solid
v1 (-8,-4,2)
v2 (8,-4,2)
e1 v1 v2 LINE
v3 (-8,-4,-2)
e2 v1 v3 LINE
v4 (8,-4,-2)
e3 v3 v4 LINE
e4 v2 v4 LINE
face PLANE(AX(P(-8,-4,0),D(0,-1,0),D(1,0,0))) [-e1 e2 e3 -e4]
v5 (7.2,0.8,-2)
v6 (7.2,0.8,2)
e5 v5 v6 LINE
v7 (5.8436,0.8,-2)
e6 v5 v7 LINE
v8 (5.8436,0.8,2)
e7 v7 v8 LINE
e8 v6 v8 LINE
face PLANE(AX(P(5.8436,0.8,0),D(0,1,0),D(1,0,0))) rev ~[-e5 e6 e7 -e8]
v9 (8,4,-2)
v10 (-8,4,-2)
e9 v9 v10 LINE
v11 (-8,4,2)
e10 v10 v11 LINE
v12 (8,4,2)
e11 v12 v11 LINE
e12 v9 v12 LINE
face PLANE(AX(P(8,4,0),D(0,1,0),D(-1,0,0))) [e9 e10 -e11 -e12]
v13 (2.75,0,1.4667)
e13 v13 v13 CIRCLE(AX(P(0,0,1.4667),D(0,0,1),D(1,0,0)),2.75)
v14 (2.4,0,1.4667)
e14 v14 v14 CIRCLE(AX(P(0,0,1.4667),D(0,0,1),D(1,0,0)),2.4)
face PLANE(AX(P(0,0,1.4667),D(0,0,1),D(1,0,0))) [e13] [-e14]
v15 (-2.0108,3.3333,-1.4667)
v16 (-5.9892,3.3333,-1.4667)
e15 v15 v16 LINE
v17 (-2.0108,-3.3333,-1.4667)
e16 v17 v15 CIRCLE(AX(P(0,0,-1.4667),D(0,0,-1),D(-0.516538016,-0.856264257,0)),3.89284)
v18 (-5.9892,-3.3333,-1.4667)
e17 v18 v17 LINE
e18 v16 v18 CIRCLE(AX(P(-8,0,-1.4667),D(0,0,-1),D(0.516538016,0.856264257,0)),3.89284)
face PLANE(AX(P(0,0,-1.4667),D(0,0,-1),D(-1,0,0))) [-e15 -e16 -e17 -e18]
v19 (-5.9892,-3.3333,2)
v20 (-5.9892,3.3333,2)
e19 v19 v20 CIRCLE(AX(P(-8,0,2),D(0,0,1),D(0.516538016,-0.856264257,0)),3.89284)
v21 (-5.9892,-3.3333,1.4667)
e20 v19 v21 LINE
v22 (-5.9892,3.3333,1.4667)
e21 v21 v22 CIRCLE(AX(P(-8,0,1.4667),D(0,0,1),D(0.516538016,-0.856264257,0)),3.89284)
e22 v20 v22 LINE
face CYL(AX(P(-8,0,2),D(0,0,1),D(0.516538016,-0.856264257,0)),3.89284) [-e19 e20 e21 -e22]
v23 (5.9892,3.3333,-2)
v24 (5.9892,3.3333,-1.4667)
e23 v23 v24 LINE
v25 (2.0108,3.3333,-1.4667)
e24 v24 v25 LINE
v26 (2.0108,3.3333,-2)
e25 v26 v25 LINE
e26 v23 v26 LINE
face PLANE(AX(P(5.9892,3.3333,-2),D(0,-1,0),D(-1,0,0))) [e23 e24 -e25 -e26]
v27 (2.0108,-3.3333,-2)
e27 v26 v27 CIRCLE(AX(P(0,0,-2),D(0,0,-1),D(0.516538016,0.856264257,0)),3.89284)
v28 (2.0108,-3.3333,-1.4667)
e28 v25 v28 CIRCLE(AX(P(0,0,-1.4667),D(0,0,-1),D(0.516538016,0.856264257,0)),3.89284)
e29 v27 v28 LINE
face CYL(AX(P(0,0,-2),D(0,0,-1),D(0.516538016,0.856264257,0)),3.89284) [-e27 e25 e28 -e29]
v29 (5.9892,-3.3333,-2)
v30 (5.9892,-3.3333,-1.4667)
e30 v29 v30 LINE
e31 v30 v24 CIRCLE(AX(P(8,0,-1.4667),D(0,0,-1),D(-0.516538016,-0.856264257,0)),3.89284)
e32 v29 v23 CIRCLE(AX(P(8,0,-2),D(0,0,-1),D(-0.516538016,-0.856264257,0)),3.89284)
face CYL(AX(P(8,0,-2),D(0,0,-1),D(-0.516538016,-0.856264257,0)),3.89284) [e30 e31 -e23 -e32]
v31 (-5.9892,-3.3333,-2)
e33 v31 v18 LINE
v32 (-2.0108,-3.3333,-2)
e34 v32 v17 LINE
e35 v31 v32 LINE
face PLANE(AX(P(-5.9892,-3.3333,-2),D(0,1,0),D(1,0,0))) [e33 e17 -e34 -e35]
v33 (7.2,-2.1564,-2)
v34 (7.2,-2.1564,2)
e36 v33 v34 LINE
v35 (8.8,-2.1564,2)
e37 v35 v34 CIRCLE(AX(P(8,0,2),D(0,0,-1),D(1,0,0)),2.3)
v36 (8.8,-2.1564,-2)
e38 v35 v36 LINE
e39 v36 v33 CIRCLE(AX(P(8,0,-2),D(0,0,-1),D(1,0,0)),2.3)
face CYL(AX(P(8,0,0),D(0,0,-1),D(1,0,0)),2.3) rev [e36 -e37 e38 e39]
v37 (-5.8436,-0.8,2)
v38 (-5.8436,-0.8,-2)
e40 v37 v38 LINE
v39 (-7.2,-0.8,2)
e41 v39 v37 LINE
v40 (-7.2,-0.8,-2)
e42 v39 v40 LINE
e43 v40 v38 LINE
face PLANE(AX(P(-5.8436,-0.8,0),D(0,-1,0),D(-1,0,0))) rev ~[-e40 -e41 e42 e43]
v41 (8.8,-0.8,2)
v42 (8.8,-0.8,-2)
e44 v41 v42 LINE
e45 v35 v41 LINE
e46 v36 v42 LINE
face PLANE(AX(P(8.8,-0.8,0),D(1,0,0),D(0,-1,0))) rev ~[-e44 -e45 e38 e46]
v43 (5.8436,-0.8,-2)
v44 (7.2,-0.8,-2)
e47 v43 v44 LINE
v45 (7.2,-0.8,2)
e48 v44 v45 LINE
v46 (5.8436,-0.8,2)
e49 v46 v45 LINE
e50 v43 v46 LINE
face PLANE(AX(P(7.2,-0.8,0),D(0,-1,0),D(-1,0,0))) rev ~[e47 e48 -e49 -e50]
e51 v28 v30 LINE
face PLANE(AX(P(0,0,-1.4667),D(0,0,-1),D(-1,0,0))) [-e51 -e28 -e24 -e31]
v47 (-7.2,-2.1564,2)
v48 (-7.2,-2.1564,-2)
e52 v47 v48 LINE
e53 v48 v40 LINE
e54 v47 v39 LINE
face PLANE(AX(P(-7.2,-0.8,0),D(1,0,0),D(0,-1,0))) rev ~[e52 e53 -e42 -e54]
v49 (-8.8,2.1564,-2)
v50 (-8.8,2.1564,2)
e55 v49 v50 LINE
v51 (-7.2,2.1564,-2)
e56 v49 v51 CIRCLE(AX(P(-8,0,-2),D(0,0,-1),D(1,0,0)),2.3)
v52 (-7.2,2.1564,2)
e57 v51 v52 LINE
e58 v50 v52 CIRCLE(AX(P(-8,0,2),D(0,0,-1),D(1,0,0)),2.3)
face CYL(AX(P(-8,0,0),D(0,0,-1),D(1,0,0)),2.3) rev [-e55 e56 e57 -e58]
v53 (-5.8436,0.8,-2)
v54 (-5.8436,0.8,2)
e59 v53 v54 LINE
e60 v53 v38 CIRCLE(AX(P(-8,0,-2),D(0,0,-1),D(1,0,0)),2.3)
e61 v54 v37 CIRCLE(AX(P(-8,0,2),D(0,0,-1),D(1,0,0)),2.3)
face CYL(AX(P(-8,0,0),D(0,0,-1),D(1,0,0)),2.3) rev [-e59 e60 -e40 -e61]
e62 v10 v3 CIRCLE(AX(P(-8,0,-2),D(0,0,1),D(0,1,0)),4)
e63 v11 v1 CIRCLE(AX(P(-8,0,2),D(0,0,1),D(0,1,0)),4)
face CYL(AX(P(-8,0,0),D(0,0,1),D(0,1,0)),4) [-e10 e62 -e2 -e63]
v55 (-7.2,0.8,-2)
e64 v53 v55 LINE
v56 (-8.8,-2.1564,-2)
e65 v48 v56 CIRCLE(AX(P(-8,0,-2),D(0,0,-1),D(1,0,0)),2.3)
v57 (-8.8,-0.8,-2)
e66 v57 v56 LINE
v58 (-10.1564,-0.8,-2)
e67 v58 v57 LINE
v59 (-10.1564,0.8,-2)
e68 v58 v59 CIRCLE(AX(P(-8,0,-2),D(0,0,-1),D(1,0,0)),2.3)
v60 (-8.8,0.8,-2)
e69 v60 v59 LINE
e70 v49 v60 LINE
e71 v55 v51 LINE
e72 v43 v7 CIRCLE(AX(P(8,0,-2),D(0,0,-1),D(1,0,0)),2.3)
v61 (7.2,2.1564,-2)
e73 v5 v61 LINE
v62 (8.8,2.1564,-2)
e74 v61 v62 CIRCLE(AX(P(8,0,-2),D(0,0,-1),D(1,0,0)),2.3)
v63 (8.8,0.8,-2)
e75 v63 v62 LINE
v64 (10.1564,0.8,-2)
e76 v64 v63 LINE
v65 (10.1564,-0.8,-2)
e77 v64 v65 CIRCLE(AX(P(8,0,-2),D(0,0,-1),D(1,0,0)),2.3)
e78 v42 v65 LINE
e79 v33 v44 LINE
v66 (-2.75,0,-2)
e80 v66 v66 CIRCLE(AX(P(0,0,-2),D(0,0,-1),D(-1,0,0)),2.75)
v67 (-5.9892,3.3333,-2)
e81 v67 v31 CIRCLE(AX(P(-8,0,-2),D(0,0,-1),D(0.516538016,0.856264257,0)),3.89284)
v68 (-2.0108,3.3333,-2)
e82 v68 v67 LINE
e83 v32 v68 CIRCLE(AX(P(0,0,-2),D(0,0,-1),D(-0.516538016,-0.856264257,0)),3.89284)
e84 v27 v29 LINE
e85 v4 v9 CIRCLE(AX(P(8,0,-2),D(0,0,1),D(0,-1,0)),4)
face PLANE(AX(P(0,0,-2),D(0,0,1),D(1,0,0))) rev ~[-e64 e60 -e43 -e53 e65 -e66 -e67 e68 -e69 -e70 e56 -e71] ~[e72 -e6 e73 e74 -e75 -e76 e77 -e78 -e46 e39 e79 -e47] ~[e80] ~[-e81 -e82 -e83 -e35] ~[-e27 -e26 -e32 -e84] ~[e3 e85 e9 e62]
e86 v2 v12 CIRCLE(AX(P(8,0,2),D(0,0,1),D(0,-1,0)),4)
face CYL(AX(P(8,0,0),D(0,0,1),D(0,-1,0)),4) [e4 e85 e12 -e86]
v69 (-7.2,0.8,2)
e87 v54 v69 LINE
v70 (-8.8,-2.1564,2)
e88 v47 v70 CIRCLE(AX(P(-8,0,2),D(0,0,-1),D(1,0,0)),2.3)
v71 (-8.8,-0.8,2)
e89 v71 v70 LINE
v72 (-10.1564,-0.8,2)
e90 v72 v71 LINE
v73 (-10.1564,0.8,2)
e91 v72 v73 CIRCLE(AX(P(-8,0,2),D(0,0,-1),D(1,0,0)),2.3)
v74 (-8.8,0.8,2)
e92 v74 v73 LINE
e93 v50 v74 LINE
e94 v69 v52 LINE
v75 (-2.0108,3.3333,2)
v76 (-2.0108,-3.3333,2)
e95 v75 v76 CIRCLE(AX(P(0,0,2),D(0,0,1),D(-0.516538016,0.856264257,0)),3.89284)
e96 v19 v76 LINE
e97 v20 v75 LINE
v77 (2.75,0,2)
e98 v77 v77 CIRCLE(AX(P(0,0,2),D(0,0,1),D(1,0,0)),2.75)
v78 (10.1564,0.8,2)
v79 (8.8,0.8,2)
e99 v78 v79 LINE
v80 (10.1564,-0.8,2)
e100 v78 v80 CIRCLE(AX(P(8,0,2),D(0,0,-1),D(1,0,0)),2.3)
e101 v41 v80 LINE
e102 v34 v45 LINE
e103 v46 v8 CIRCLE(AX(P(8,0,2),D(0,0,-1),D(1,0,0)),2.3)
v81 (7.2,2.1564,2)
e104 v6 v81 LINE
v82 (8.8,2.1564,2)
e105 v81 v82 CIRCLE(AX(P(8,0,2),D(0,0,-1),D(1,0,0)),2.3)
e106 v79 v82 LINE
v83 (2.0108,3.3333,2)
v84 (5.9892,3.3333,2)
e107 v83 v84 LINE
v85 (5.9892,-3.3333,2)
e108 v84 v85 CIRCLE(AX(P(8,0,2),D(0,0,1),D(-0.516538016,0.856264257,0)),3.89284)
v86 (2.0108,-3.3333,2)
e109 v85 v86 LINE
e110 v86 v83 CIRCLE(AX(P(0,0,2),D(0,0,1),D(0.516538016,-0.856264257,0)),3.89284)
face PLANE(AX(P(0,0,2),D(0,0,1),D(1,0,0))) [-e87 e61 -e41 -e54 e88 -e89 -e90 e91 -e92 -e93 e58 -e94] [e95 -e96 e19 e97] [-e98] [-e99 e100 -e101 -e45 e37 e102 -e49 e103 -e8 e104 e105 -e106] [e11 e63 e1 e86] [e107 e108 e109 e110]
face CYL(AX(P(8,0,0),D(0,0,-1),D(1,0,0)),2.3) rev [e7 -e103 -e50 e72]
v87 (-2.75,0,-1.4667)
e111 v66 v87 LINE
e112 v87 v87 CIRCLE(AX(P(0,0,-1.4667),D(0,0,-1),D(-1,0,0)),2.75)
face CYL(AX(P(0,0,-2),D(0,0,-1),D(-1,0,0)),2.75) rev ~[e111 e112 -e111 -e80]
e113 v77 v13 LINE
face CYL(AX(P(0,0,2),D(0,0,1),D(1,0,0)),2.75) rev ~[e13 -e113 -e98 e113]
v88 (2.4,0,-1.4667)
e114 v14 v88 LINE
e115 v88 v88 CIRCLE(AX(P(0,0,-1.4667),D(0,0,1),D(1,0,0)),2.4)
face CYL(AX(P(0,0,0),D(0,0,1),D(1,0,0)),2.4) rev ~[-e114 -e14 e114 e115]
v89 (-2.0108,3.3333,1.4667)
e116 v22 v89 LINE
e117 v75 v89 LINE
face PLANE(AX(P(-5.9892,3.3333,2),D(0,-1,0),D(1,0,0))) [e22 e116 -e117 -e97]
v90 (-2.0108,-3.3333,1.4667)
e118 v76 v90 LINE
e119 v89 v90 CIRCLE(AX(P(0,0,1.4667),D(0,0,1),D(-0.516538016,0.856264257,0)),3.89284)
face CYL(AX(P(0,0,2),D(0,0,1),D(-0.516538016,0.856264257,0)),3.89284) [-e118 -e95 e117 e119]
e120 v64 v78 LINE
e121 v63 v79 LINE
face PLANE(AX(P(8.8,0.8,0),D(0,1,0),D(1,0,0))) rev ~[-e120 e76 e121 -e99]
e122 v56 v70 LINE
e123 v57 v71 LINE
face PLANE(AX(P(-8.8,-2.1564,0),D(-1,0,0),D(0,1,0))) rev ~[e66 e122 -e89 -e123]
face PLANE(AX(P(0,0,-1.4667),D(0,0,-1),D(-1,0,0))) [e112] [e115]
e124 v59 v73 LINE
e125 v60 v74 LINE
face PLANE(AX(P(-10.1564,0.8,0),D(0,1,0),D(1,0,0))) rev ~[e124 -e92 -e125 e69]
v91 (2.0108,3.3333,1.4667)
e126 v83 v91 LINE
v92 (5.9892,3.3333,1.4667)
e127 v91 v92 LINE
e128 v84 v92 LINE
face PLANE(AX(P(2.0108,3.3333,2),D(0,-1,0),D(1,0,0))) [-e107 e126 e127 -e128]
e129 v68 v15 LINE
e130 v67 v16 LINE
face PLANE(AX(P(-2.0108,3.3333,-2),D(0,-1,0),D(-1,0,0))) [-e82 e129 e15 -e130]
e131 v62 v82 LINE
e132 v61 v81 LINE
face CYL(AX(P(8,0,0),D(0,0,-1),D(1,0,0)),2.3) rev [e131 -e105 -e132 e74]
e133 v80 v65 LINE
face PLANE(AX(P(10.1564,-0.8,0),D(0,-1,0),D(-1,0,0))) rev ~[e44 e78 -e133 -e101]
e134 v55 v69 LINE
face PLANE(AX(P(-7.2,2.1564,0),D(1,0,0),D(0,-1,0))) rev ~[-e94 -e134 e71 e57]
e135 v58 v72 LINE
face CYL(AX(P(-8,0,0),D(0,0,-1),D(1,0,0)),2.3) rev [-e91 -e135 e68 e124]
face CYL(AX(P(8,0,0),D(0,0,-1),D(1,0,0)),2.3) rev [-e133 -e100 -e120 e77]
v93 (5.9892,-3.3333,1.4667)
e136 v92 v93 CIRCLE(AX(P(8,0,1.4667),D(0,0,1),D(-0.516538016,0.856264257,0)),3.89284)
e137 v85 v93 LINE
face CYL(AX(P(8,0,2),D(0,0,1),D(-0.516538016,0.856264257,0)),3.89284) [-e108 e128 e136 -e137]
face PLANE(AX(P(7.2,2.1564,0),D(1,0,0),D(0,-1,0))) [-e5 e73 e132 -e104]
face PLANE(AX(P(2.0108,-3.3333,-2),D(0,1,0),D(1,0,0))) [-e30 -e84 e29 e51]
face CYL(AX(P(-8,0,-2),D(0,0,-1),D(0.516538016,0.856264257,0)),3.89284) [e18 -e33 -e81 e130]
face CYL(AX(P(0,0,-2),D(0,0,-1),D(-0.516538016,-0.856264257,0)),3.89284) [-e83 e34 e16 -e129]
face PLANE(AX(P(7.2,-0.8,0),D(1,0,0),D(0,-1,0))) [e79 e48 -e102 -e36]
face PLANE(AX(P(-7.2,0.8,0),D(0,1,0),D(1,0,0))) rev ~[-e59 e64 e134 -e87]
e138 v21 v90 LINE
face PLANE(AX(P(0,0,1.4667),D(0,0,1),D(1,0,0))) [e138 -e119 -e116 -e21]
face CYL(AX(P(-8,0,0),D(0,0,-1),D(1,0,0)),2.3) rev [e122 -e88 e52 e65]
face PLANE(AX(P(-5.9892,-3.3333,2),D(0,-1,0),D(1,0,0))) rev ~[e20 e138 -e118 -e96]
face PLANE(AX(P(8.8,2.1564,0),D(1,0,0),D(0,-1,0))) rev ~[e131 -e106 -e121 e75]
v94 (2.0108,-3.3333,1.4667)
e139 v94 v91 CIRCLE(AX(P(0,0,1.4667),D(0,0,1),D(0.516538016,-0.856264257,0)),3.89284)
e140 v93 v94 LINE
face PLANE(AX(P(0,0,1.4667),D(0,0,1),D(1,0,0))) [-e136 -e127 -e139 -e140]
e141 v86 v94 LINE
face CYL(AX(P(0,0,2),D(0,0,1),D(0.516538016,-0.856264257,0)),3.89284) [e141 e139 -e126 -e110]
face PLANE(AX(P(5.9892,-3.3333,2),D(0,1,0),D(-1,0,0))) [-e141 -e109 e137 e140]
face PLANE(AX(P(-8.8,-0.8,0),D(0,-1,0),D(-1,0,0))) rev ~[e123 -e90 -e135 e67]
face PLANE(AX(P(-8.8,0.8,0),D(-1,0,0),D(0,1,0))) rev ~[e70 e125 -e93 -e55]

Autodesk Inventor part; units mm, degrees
ref_plane "YZ Plane" through (0, 0, 0) normal (1, 0, 0) x (0, 1, 0)
ref_plane "XZ Plane" through (0, 0, 0) normal (0, 1, 0) x (-1, 0, 0)
ref_plane "XY Plane" through (0, 0, 0) normal (0, 0, 1) x (1, 0, 0)
sketch "Sketch1" plane through (0, 0, 0) normal (0, 0, 1) x (1, 0, 0)
  line L0 (0, -5.6) -> (0, 5.6) construction
  line L1 (-16.8, 0) -> (16.8, 0) construction
  line L2 (8, 4) -> (-8, 4)
  arc A0 (-8, 4) -> (-8, -4) centre (-8, 0) ccw
  line L3 (-8, -4) -> (8, -4)
  arc A1 (8, -4) -> (8, 4) centre (8, 0) ccw
  circle A2 centre (0, 0) radius 2.75
  circle A3 centre (0, 0) radius 2.4
  point P0 (0, 4)
  dimension "d0" = 24
  dimension "d1" = 8
  dimension "d27" = 4.8
  dimension "d28" = 5.5
sketch "Sketch6" plane through (0, 0, 0) normal (0, 0, 1) x (1, 0, 0)
  arc A0 (-8, 4) -> (-8, -4) centre (-8, 0) ccw construction
  arc A1 (8, -4) -> (8, 4) centre (8, 0) ccw construction
  circle A2 centre (-8, 0) radius 2.3
  circle A3 centre (8, 0) radius 2.3
  line L0 (-10.1564, 0.8) -> (-8.8, 0.8)
  line L1 (-8.8, 0.8) -> (-8.8, 2.1564)
  line L2 (-7.2, 2.1564) -> (-7.2, 0.8)
  line L3 (-7.2, 0.8) -> (-5.8436, 0.8)
  line L4 (-5.8436, -0.8) -> (-7.2, -0.8)
  line L5 (-7.2, -0.8) -> (-7.2, -2.1564)
  line L6 (-8.8, -2.1564) -> (-8.8, -0.8)
  line L7 (-8.8, -0.8) -> (-10.1564, -0.8)
  line L8 (5.8436, 0.8) -> (7.2, 0.8)
  line L9 (8.8, 0.8) -> (10.1564, 0.8)
  line L10 (8.8, 2.1564) -> (8.8, 0.8)
  line L11 (8.8, -0.8) -> (8.8, -2.1564)
  line L12 (7.2, 2.1564) -> (7.2, 0.8)
  line L13 (7.2, -0.8) -> (7.2, -2.1564)
  line L14 (10.1564, -0.8) -> (8.8, -0.8)
  line L15 (7.2, -0.8) -> (5.8436, -0.8)
  dimension "d29" = 4.6
  dimension "d30" = 1.6
extrude "Extrusion1" add sketch "Sketch1" along normal mid plane 4 contours A1 L3 A0 L2 | A2 | A3
extrude "Extrusion2" cut sketch "Sketch1" along normal through all both and the other way through all contours A3
sketch "Sketch2" plane through (0, 0, 2) normal (0, 0, 1) x (1, 0, 0)
  circle A0 centre (0, 0) radius 2.75 projected
extrude "Extrusion3" cut sketch "Sketch2" against normal blind 0.5333
sketch "Sketch3" plane through (0, 0, -2) normal (0, 0, -1) x (-1, 0, 0)
  circle A0 centre (0, 0) radius 2.75 projected
extrude "Extrusion4" cut sketch "Sketch3" against normal blind 0.5333
extrude "Extrusion7" cut sketch "Sketch6" along normal through all both and the other way through all contours A2 L4 L5 L6 L7 L0 L1 L2 L3 | A3 L14 L11 L13 L15 L8 L12 L10 L9
sketch "Sketch4" plane through (0, 0, 2) normal (0, 0, 1) x (1, 0, 0)
  circle A0 centre (-8, 0) radius 2.3 construction
  circle A1 centre (8, 0) radius 2.3 construction
  arc A2 (5.9892, 3.3333) -> (5.9892, -3.3333) centre (8, 0) ccw
  line L0 (2.0108, 3.3333) -> (5.9892, 3.3333)
  line L1 (5.9892, -3.3333) -> (2.0108, -3.3333)
  arc A3 (-5.9892, -3.3333) -> (-5.9892, 3.3333) centre (-8, 0) ccw
  line L2 (-5.9892, 3.3333) -> (-2.0108, 3.3333)
  line L3 (-5.9892, -3.3333) -> (-2.0108, -3.3333)
  arc A4 (2.0108, -3.3333) -> (2.0108, 3.3333) centre (0, 0) ccw
  arc A5 (-2.0108, 3.3333) -> (-2.0108, -3.3333) centre (0, 0) ccw
  circle A6 centre (0, 0) radius 2.75 construction
  dimension "d33" = 6.6667
  dimension "d35" = 1.1429
extrude "Extrusion5" cut sketch "Sketch4" against normal blind 0.5333
sketch "Sketch7" plane through (0, 0, -2) normal (0, 0, -1) x (-1, 0, 0)
  arc A0 (5.9892, 3.3333) -> (5.9892, -3.3333) centre (8, 0) ccw projected
  line L0 (5.9892, -3.3333) -> (2.0108, -3.3333) projected
  arc A1 (2.0108, -3.3333) -> (2.0108, 3.3333) centre (0, 0) ccw projected
  line L1 (2.0108, 3.3333) -> (5.9892, 3.3333) projected
  arc A2 (-2.0108, 3.3333) -> (-2.0108, -3.3333) centre (0, 0) ccw projected
  line L2 (-2.0108, -3.3333) -> (-5.9892, -3.3333) projected
  arc A3 (-5.9892, -3.3333) -> (-5.9892, 3.3333) centre (-8, 0) ccw projected
  line L3 (-5.9892, 3.3333) -> (-2.0108, 3.3333) projected
extrude "Extrusion8" cut sketch "Sketch7" against normal blind 0.5333
equation "\"d1\" = width_standard"
equation "\"d2\" = 0.5 * width_standard"
equation "\"d6\" = 0.333333 * height_standard"
equation "\"d13\" = 0.0555556 * height_standard"
equation "\"d15\" = 0.0555556 * height_standard"
equation "\"d33\" = 0.833333 * width_standard"
equation "\"d20\" = 0.0555556 * height_standard"
equation "\"d36\" = 0.0555556 * height_standard"
equation "\"width_standard\" = 8"
equation "\"height_standard\" = 9.6"
properties part number "LEGO Brick 32017" material "Steel"
